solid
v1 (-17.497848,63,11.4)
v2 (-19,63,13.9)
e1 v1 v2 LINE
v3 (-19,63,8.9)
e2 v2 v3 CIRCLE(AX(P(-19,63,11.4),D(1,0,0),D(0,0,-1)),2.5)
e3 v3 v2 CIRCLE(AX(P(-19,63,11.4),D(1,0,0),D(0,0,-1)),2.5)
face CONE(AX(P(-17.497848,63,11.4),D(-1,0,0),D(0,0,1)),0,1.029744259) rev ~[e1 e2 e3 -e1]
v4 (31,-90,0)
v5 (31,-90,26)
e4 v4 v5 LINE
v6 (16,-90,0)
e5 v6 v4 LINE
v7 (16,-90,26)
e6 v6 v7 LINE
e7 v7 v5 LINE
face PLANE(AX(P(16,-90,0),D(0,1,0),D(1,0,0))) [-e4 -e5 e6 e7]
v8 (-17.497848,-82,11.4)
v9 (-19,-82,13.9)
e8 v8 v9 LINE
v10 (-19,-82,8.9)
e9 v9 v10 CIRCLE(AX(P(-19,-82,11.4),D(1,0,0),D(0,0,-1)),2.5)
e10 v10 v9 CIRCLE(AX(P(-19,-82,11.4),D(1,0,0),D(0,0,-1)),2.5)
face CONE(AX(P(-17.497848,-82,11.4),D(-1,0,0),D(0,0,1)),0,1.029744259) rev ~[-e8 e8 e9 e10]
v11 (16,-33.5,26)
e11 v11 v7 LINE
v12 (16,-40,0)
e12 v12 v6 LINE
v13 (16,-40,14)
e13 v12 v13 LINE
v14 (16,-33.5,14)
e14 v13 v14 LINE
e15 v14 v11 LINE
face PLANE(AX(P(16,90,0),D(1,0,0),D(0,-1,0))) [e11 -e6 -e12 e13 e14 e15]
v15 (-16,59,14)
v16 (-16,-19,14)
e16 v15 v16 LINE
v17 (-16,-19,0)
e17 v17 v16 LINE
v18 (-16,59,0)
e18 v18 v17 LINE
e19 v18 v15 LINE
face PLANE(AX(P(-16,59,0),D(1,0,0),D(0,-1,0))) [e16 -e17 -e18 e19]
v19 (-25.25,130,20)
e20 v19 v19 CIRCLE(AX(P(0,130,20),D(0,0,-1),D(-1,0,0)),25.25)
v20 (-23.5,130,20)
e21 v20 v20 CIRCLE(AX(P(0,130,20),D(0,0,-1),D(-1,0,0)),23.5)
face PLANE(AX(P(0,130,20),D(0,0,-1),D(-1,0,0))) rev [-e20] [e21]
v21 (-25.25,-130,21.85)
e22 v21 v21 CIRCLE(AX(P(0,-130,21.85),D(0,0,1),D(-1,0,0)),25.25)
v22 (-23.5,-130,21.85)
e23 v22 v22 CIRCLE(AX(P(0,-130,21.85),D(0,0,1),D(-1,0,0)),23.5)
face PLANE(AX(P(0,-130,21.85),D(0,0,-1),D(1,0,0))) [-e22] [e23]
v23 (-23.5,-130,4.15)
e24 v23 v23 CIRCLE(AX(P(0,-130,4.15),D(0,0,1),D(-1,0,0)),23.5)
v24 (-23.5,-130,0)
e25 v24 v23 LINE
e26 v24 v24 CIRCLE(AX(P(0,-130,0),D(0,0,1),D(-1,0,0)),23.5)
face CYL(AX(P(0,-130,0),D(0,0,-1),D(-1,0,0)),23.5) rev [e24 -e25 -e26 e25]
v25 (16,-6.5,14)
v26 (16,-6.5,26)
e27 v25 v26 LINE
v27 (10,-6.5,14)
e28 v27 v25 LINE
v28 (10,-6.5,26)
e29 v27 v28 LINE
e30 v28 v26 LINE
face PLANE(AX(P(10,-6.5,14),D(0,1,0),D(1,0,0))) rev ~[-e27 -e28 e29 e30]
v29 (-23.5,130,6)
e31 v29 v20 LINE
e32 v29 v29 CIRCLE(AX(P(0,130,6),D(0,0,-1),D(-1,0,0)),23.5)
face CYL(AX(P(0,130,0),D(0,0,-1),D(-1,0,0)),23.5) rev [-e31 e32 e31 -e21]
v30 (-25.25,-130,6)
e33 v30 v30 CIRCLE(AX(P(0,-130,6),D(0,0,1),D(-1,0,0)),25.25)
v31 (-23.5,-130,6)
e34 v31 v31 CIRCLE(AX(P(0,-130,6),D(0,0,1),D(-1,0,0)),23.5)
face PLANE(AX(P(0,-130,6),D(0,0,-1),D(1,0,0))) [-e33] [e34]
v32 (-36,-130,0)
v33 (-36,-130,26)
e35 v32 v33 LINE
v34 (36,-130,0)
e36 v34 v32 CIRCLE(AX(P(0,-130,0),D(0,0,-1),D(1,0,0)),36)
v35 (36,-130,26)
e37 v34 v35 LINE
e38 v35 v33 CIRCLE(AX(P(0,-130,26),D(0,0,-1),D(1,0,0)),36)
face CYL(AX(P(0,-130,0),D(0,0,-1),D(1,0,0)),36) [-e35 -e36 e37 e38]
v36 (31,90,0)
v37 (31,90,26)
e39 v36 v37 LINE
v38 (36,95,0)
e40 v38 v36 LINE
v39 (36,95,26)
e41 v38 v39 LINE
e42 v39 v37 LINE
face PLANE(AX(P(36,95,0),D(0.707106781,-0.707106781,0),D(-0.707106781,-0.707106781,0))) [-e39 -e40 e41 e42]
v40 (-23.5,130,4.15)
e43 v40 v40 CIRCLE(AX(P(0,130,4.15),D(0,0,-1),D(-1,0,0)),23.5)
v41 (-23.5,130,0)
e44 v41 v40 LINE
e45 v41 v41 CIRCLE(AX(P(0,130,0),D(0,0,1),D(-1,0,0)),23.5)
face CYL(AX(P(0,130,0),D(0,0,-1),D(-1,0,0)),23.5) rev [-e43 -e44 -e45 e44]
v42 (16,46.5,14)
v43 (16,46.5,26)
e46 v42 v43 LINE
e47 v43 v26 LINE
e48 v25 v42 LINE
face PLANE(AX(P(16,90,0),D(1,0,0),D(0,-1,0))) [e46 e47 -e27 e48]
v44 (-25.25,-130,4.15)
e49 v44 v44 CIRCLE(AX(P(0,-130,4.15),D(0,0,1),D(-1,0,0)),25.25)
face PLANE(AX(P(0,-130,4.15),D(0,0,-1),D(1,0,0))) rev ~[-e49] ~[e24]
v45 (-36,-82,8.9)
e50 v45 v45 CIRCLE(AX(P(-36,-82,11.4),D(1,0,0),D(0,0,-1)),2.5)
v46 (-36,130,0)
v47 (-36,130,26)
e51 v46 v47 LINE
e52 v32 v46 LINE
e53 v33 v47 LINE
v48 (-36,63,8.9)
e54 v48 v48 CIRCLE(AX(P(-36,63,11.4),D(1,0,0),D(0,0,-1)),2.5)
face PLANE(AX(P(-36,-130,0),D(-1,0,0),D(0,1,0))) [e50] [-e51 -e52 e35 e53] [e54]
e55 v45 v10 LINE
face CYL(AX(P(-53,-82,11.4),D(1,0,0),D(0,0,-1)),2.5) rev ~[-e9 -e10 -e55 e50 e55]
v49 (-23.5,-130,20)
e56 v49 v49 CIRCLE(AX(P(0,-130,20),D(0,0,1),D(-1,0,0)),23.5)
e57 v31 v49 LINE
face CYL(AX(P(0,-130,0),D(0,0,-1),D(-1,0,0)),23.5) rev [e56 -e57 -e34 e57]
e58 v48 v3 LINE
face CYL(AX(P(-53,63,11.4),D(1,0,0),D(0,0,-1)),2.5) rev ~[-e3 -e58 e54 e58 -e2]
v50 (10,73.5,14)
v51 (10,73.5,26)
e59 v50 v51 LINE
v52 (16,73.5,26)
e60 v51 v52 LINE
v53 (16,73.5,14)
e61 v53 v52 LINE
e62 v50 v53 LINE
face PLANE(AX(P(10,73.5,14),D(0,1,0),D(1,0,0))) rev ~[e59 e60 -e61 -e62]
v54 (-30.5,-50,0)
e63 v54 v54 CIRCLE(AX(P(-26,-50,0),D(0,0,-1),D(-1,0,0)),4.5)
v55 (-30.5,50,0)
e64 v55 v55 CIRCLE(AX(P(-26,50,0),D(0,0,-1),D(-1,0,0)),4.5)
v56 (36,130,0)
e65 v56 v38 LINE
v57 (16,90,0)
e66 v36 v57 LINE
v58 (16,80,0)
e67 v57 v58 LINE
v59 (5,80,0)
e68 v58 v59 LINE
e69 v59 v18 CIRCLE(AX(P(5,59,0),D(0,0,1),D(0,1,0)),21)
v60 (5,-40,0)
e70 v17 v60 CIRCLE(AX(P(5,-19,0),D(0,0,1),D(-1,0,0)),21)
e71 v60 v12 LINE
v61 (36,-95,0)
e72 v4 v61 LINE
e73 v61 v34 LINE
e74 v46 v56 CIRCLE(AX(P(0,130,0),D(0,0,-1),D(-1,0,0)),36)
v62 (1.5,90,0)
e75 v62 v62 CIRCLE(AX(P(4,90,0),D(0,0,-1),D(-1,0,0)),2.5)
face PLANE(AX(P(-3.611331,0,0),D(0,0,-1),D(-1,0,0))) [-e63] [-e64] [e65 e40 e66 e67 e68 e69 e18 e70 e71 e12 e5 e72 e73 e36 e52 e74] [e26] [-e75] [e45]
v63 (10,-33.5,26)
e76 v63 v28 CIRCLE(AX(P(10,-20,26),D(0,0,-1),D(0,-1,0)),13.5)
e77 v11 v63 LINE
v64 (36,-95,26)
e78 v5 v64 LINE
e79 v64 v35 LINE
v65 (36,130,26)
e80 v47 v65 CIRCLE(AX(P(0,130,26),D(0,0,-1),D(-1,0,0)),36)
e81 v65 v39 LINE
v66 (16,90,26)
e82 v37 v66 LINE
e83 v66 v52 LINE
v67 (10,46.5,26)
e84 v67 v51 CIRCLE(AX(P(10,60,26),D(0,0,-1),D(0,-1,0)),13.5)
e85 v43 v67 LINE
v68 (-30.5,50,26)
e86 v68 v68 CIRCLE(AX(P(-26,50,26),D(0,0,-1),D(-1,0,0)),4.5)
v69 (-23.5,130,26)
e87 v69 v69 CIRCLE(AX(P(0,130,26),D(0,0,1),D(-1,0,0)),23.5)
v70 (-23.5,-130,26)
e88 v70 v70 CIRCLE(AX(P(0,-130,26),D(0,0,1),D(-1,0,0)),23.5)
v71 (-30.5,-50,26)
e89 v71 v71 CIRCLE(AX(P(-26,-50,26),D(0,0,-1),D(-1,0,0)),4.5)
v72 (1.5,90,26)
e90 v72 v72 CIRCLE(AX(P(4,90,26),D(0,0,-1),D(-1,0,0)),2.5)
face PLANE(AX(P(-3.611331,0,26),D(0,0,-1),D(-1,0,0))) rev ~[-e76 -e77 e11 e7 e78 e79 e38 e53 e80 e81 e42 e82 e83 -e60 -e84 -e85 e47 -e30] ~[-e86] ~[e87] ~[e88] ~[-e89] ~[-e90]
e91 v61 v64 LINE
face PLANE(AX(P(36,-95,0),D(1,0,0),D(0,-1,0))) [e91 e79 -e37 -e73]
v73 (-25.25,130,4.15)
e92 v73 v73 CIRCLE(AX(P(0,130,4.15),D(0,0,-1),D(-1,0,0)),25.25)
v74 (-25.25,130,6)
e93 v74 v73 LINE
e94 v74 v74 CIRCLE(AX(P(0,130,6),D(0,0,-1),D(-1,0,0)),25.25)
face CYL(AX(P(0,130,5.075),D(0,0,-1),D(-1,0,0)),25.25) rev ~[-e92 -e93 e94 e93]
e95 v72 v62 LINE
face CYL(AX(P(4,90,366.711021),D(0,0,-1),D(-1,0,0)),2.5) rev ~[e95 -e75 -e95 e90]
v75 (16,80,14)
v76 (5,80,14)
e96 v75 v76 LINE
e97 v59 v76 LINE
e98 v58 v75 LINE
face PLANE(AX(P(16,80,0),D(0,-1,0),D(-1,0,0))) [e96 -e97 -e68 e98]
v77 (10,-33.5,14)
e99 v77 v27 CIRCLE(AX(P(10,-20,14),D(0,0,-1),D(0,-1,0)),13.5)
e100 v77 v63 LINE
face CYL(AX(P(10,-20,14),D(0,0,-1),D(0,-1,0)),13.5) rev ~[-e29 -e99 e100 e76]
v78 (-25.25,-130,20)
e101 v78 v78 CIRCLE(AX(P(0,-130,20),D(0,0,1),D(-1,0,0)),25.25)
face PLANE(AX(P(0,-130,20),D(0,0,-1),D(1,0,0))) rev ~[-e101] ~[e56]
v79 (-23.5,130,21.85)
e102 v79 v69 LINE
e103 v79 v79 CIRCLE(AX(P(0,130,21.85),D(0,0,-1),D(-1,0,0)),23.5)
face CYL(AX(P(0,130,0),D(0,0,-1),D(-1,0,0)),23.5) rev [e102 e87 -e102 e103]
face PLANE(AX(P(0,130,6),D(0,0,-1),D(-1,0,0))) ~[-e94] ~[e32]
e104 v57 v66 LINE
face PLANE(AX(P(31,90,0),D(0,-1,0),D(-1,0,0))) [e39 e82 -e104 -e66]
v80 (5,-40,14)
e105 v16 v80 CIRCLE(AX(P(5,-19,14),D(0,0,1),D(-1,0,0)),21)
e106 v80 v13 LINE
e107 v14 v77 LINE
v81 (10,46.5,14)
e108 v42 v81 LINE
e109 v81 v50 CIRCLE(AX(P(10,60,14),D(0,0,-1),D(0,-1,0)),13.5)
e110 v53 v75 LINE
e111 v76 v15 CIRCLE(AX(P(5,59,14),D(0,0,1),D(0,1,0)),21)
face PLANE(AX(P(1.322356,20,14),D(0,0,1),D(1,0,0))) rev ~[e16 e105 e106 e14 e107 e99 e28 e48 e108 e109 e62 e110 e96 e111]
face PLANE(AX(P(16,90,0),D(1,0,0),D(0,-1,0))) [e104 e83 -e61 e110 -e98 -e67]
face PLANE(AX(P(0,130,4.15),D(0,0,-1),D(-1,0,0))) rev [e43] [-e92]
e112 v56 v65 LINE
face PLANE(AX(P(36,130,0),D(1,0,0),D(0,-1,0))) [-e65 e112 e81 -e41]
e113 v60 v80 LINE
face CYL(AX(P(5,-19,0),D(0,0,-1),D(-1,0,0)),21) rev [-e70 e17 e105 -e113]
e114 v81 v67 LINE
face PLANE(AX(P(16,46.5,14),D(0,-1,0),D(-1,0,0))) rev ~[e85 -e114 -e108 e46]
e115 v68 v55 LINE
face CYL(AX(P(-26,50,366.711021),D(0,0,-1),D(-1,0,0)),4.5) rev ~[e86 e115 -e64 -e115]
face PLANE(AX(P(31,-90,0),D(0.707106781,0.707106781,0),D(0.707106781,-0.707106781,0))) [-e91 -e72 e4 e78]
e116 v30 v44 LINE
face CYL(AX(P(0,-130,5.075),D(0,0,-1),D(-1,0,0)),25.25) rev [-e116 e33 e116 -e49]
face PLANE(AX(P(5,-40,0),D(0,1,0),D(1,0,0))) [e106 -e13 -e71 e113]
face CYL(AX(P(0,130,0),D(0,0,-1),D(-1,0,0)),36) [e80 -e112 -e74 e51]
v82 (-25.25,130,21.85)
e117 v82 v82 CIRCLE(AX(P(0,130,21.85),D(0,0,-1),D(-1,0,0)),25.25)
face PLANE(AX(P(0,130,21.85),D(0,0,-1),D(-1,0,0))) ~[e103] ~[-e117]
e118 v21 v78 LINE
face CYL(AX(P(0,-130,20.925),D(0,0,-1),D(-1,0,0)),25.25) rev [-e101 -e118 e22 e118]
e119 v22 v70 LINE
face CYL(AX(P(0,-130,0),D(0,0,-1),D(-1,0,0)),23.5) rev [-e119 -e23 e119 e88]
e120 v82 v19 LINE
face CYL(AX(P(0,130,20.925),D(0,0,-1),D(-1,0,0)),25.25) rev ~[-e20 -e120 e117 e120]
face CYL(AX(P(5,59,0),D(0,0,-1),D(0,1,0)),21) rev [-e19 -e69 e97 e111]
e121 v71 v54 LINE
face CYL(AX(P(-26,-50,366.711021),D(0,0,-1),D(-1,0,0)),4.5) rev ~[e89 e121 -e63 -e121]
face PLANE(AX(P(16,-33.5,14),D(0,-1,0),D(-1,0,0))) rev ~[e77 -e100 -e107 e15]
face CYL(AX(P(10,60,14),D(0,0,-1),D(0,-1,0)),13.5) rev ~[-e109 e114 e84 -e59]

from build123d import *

# Parameters (mm, degrees)
SKIZZE1_R                       = 23.5
AUFSATZ_LINEAR_AUSTRAGEN1_DEPTH = 26
F_9_0_9_DURCHMESSER_BOHRUNG1_D  = 9
SKIZZE5_W                       = 1.85
SKIZZE5_H                       = 1.75
SCHNITT_LINEAR_AUSTRAGEN1_DEPTH = 14
M6_GEWINDEBOHRUNG1_D            = 5
M6_GEWINDEBOHRUNG1_DEPTH        = 17
M6_GEWINDEBOHRUNG1_TIP          = 1.502151548
SCHNITT_LINEAR_AUSTRAGEN2_DEPTH = 171.434738243
M6_GEWINDEBOHRUNG2_D            = 5


with BuildPart() as part:
    # Skizze1 → Aufsatz-Linear austragen1 (new body)
    with BuildSketch(Plane.XY):
        with BuildLine():
            Line((31, 90), (16, 90))
            Line((16, 90), (16, -90))
            Line((16, -90), (31, -90))
            Line((31, -90), (36, -95))
            Line((36, -95), (36, -130))
            ThreePointArc((36, -130), (0, -166), (-36, -130))
            Line((-36, -130), (-36, 130))
            ThreePointArc((-36, 130), (0, 166), (36, 130))
            Line((36, 130), (36, 95))
            Line((36, 95), (31, 90))
        make_face()
        with Locations(Location((0, -130, 0), (0, 0, 180))):
            Circle(SKIZZE1_R, mode=Mode.SUBTRACT)
        with Locations(Location((0, 130, 0), (0, 0, 180))):
            Circle(SKIZZE1_R, mode=Mode.SUBTRACT)
    extrude(amount=AUFSATZ_LINEAR_AUSTRAGEN1_DEPTH)

    # Ø9.0 (9) Durchmesser Bohrung1 (through all)
    with Locations(Plane.XY.offset(26)):
        with Locations((-26, 50), (-26, -50)):
            Hole(F_9_0_9_DURCHMESSER_BOHRUNG1_D / 2)

    # Skizze5 → Schnitt-Rotation1 (revolve, cut)
    with BuildSketch(Plane(origin=(0, 0, 0), x_dir=(0, 0, -1), z_dir=(1, 0, 0)), mode=Mode.PRIVATE) as schnitt_rotation1_sk:
        with Locations((-20.925, 154.375)):
            Rectangle(SKIZZE5_W, SKIZZE5_H)
        with Locations((-5.075, 154.375)):
            Rectangle(SKIZZE5_W, SKIZZE5_H)
    schnitt_rotation1 = revolve(schnitt_rotation1_sk.sketch.rotate(Axis((0, 130, 39.739957874), (0, 0, -1)), 270), axis=Axis((0, 130, 39.739957874), (0, 0, -1)), mode=Mode.SUBTRACT)

    # Spiegeln1: Schnitt-Rotation1 across plane
    add(schnitt_rotation1.mirror(Plane.ZX), mode=Mode.SUBTRACT)

    # Skizze6 → Schnitt-Linear austragen1 (cut)
    with BuildSketch(Plane(origin=(0, 0, 0), x_dir=(-1, 0, 0), z_dir=(0, 0, -1))):
        with BuildLine():
            Line((-16, -40), (-16, 80))
            Line((-16, 80), (-5, 80))
            ThreePointArc((-5, 80), (9.849242405, 73.849242405), (16, 59))
            Line((16, 59), (16, -19))
            ThreePointArc((16, -19), (9.849242405, -33.849242405), (-5, -40))
            Line((-5, -40), (-16, -40))
        make_face()
    extrude(amount=-SCHNITT_LINEAR_AUSTRAGEN1_DEPTH, mode=Mode.SUBTRACT)

    # M6 Gewindebohrung1
    with Locations(Plane.ZY.offset(36)):
        with Locations((11.4, 63), (11.4, -82)):
            Hole(M6_GEWINDEBOHRUNG1_D / 2, depth=M6_GEWINDEBOHRUNG1_DEPTH)
            with Locations((0, 0, -(M6_GEWINDEBOHRUNG1_DEPTH + M6_GEWINDEBOHRUNG1_TIP / 2))):  # 118° drill point
                Cone(0, M6_GEWINDEBOHRUNG1_D / 2, M6_GEWINDEBOHRUNG1_TIP, mode=Mode.SUBTRACT)

    # Skizze9 → Schnitt-Linear austragen2 (cut, through all)
    with BuildSketch(Plane(origin=(0, 0, 14), x_dir=(-1, 0, 0), z_dir=(0, 0, -1))):
        with BuildLine():
            Line((-10, 73.5), (-16, 73.5))
            Line((-16, 73.5), (-16, 46.5))
            Line((-16, 46.5), (-10, 46.5))
            ThreePointArc((-10, 46.5), (3.5, 60), (-10, 73.5))
        make_face()
        with BuildLine():
            Line((-10, -6.5), (-16, -6.5))
            Line((-16, -6.5), (-16, -33.5))
            Line((-16, -33.5), (-10, -33.5))
            ThreePointArc((-10, -33.5), (3.5, -20), (-10, -6.5))
        make_face()
    extrude(amount=-SCHNITT_LINEAR_AUSTRAGEN2_DEPTH, mode=Mode.SUBTRACT)

    # M6 Gewindebohrung2 (through all)
    with Locations(Plane.XY.offset(26)):
        with Locations((4, 90)):
            Hole(M6_GEWINDEBOHRUNG2_D / 2)


solid = part.part
